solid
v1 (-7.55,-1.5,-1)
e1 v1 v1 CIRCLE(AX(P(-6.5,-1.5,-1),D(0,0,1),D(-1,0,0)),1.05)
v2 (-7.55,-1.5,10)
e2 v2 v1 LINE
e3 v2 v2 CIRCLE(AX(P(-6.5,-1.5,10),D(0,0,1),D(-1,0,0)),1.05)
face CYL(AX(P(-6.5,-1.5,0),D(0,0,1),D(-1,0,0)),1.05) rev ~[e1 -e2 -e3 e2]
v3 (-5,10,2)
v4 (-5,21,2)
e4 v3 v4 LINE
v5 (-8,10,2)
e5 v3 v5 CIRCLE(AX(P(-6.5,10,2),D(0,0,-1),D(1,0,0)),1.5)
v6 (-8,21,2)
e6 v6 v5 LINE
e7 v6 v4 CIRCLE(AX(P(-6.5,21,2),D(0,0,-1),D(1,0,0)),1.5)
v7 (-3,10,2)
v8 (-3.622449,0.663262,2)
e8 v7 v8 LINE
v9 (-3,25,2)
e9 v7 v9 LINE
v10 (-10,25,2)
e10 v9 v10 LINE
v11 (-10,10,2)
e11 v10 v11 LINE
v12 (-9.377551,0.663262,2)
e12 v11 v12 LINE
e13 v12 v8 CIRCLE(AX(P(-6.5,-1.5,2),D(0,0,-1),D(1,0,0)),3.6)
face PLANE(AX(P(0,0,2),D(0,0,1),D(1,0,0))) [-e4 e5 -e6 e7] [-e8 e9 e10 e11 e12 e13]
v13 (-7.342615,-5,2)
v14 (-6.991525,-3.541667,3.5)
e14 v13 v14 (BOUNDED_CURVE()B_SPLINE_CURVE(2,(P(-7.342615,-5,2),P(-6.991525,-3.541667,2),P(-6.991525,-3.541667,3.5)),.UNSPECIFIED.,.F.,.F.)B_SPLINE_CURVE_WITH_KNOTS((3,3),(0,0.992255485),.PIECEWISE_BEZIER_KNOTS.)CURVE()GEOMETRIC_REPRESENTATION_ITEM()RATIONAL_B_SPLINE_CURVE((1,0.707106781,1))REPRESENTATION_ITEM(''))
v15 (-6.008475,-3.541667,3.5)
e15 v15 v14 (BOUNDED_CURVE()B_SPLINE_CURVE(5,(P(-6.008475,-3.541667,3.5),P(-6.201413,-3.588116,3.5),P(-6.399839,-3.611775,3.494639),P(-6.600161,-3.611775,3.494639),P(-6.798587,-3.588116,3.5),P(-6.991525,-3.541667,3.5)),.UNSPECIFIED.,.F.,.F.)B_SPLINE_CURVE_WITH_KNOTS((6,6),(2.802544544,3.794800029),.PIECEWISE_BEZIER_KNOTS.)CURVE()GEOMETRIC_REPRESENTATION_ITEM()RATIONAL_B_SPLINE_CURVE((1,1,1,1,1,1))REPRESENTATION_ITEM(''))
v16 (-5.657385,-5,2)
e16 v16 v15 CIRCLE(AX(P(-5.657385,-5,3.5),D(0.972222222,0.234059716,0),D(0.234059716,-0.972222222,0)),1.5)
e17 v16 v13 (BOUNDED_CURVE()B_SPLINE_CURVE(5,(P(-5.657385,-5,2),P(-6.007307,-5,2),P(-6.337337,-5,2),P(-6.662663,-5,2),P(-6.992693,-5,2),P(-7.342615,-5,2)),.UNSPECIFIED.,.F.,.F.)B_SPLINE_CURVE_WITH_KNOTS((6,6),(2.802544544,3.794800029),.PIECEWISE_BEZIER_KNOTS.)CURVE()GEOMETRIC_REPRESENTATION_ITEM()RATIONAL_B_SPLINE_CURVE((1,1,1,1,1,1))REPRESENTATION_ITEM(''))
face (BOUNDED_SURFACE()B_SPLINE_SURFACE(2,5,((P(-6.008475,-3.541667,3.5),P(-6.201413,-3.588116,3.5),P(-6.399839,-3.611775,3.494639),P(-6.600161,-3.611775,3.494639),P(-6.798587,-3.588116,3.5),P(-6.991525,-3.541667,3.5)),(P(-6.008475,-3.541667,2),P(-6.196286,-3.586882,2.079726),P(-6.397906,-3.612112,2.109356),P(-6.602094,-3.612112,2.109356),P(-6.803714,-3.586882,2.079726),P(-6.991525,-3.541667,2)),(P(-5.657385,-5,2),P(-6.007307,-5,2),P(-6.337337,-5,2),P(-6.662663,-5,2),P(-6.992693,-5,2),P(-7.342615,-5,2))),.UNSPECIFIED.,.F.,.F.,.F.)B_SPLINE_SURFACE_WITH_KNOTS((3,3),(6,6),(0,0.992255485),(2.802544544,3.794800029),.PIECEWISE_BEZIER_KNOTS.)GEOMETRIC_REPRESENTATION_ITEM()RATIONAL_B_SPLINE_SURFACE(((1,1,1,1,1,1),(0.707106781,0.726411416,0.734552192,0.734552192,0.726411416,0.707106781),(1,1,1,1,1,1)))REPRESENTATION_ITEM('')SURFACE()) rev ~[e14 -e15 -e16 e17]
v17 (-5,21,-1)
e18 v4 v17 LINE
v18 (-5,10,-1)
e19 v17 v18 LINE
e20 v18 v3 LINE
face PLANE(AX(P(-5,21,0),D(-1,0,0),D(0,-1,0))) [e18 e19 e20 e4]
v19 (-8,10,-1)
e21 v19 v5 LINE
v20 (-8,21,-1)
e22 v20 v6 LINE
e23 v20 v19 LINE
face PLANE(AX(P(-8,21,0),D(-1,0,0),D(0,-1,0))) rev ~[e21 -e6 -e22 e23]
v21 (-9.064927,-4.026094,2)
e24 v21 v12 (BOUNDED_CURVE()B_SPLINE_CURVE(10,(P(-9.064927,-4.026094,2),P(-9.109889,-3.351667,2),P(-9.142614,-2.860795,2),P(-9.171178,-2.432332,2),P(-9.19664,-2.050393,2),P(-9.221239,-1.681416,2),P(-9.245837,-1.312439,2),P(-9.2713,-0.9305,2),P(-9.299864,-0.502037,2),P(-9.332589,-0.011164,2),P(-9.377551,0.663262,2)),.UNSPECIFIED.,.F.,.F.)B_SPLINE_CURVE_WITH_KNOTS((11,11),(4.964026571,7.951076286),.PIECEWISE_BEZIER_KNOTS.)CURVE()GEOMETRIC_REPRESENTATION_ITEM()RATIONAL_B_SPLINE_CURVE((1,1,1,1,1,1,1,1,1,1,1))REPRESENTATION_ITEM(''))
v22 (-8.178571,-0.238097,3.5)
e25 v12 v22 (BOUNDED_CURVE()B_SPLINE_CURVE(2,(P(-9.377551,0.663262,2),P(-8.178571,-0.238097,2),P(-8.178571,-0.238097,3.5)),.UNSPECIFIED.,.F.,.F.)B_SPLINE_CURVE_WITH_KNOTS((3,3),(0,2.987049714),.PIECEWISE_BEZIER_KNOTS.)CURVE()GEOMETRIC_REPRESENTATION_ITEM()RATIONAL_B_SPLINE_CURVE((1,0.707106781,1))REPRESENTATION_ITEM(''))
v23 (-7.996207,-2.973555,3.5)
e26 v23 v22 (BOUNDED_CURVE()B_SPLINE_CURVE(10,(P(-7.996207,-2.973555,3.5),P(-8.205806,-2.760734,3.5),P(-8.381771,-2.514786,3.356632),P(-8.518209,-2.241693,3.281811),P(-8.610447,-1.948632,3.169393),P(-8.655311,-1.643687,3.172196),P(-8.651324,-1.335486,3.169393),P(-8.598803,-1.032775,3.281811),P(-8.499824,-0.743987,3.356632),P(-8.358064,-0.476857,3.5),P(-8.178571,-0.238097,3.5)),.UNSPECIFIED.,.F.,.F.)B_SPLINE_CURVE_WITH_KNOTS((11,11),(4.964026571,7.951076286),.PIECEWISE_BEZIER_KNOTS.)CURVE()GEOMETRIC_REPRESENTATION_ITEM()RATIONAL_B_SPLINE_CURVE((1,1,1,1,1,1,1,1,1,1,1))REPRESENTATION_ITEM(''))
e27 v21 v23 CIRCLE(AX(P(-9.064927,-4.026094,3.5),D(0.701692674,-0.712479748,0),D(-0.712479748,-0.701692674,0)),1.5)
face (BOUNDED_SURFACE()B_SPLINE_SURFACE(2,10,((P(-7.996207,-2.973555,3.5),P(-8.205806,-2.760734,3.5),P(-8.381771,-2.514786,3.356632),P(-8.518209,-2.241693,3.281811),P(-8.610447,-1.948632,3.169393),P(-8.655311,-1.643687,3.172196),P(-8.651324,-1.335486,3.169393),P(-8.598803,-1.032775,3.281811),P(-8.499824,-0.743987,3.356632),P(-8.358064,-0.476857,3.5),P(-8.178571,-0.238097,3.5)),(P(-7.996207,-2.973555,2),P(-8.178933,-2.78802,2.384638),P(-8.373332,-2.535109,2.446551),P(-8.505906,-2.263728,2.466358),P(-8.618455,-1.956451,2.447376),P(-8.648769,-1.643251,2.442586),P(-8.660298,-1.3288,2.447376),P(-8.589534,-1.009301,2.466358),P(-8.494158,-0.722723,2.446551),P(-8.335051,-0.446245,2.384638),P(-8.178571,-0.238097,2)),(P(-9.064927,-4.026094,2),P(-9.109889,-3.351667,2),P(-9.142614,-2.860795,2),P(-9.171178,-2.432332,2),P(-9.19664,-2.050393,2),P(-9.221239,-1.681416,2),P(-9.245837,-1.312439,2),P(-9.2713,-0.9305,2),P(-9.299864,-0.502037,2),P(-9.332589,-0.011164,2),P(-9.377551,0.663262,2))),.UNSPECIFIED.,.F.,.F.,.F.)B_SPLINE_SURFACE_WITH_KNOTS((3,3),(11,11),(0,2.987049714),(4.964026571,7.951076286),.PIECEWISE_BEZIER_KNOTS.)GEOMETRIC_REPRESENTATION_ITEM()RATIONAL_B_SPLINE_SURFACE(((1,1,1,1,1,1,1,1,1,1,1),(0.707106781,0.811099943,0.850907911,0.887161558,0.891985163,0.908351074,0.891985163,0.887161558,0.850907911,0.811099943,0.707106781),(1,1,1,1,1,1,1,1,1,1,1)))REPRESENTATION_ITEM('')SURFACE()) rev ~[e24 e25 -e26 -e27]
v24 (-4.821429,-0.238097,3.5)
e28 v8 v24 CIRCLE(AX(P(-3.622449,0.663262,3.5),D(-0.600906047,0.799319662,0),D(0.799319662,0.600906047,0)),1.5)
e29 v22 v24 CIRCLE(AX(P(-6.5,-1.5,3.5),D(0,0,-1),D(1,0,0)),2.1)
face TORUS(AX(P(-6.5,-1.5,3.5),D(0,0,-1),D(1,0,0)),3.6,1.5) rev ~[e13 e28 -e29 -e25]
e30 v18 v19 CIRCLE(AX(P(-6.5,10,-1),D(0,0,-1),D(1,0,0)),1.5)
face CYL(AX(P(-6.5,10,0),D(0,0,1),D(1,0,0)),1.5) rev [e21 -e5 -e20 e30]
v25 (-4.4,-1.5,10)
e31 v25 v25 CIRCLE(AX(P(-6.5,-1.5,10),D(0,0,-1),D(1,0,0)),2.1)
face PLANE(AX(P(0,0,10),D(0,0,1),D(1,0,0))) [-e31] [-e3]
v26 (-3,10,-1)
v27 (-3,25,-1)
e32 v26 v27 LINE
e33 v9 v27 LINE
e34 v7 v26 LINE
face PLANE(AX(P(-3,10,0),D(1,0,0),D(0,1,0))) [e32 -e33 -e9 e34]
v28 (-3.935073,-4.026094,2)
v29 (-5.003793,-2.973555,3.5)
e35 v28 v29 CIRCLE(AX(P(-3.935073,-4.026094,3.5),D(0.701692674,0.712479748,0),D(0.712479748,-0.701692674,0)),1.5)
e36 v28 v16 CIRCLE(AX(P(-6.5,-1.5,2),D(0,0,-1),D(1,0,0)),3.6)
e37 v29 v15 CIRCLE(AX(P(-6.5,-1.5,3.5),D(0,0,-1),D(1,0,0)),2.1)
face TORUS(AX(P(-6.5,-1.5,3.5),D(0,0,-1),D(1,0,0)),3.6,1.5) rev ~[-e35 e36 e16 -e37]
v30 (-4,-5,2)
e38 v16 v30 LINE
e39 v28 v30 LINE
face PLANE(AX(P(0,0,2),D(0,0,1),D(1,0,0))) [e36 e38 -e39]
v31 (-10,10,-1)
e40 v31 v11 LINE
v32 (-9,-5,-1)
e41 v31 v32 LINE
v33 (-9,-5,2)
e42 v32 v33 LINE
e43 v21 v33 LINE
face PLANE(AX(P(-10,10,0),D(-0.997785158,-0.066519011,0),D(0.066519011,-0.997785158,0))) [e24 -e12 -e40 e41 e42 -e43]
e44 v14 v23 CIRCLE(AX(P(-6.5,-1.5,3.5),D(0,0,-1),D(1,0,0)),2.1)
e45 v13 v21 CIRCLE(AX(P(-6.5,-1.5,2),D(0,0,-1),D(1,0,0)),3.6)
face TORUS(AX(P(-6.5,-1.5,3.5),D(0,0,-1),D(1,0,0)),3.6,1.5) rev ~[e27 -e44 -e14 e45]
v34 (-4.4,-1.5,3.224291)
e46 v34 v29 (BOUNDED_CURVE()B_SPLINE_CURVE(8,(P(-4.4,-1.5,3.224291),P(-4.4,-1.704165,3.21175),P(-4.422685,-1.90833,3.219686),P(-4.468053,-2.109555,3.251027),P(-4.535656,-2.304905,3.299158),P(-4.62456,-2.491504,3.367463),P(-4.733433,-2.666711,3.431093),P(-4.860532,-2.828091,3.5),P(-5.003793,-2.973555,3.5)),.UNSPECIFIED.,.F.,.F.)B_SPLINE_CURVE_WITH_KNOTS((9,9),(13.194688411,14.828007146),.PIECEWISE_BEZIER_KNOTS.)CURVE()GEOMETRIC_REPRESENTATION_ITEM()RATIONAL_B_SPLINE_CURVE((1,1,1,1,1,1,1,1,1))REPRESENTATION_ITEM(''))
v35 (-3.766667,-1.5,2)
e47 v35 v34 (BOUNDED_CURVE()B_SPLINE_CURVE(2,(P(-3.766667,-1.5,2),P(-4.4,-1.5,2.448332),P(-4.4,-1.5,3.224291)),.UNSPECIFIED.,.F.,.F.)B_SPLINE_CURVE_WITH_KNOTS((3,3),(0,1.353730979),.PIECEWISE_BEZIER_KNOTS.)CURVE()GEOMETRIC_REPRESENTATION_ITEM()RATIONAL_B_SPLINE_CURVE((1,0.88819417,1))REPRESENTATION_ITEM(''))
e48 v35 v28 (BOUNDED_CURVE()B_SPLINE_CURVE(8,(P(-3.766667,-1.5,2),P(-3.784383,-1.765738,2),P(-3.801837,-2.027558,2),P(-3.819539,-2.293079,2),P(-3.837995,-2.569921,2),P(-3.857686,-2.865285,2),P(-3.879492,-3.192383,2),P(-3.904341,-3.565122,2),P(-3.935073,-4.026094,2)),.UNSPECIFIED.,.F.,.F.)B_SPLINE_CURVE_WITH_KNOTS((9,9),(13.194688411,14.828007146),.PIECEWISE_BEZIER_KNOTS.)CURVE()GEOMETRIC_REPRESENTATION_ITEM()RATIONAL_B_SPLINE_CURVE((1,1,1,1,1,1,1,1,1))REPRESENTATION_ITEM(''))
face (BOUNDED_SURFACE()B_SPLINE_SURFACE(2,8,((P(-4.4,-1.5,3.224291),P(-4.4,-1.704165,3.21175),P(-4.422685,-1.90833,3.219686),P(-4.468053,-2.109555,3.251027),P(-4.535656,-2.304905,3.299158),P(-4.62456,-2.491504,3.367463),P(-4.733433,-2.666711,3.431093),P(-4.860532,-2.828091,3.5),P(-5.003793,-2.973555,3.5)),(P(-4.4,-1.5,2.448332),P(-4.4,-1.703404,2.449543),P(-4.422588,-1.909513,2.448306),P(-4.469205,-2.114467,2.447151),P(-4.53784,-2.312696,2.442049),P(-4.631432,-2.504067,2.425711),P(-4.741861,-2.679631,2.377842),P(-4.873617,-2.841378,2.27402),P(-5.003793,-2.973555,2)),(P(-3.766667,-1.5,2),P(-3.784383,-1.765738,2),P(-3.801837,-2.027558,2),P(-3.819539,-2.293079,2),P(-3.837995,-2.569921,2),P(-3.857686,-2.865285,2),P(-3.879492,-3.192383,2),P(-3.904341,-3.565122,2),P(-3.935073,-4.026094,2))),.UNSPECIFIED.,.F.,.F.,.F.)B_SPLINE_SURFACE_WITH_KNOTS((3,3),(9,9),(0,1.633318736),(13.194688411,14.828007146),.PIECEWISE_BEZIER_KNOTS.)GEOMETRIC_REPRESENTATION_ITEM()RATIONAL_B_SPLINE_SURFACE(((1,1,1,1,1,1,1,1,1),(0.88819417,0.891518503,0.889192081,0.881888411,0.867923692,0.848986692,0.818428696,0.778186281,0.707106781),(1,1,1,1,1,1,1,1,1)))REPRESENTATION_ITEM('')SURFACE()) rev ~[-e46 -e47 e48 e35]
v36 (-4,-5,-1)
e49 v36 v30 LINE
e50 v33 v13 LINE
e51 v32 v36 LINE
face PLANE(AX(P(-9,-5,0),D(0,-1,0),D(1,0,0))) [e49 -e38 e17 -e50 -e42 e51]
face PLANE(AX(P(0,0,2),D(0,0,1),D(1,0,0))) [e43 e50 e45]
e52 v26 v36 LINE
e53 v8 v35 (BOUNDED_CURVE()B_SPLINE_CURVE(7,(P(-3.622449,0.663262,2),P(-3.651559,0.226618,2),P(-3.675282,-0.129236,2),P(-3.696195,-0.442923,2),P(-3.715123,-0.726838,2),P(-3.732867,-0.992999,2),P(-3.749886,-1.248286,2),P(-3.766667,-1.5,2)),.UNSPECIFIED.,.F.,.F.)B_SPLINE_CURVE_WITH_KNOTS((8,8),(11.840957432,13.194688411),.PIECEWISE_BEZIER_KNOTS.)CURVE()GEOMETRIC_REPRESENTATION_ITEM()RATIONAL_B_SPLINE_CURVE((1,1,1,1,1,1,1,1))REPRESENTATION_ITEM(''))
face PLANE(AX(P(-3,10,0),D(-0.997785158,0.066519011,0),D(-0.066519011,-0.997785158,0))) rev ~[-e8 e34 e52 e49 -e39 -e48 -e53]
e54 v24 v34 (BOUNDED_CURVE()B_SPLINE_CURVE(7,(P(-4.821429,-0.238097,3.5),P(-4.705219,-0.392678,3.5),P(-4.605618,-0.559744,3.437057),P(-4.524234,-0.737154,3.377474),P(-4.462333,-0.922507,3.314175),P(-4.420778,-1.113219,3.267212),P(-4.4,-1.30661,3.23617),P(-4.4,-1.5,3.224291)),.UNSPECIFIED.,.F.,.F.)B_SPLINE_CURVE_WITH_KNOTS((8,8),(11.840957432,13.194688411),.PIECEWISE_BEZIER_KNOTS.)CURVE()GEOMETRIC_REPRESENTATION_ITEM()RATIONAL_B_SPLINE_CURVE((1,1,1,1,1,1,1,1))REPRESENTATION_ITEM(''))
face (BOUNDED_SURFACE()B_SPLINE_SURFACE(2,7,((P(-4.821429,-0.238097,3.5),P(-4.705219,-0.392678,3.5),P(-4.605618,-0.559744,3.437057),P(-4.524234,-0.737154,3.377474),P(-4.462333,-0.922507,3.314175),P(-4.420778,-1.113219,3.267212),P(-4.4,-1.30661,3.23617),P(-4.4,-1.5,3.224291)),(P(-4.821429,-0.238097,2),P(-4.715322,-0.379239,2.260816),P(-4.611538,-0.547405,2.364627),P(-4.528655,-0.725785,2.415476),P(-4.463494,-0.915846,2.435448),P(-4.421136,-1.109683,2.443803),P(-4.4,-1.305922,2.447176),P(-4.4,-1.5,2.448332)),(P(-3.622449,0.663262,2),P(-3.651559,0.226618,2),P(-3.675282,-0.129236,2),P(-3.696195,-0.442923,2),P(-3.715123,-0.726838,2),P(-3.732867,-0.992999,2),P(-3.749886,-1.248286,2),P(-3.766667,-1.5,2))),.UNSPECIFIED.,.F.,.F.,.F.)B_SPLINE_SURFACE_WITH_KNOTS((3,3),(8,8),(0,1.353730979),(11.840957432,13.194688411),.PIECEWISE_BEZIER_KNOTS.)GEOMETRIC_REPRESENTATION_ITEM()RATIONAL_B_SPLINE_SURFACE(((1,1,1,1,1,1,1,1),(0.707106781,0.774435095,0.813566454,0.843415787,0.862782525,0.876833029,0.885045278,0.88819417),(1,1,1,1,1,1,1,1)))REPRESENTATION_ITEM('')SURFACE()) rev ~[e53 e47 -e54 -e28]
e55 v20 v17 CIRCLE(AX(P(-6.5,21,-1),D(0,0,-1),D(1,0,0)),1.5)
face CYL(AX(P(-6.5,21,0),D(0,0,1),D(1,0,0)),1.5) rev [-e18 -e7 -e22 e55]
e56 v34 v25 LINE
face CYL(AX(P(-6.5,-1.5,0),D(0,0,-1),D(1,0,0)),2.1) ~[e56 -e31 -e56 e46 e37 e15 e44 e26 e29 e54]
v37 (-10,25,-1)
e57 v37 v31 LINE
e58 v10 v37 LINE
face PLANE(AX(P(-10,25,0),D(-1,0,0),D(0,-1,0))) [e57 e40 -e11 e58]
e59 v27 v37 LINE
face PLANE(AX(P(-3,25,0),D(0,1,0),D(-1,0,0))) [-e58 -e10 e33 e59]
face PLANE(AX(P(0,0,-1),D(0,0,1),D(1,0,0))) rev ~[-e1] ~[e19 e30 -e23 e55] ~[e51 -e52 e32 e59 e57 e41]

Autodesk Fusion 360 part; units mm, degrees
sketch "Sketch1" plane through (0, 0, 0) normal (0, 0, 1) x (1, 0, 0)
  line L0 (-10, 25) -> (-3, 25)
  line L1 (-3, 25) -> (-3, -5)
  line L2 (-3, -5) -> (-10, -5)
  line L3 (-10, -5) -> (-10, 25)
  line L4 (-10, -5) -> (-3, 2)
  line L5 (-10, -5) -> (-0.1005, -5) construction
  line L6 (-3, -5) -> (-10, 2)
  circle A0 centre (-6.5, -1.5) radius 2
  line L7 (-10, -5) -> (-9, -5)
  line L8 (-9, -5) -> (-10, 10)
  line L9 (-3, -5) -> (-4, -5)
  line L10 (-4, -5) -> (-3, 10)
  line L11 (-10, 25) -> (-3, 18)
  line L12 (-10, 25) -> (-0.1005, 25) construction
  line L13 (-3, 25) -> (-10, 18)
  line L14 (-6.5, 25) -> (-6.5, 22)
  line L15 (-6.5, 22) -> (-6.5, 9)
  line L16 (-5, 21) -> (-8, 21)
  line L17 (-8, 21) -> (-8, 10)
  line L18 (-8, 10) -> (-5, 10)
  line L19 (-5, 10) -> (-5, 21)
  line L20 (-5, 21) -> (-8, 10) construction
  line L21 (-8, 21) -> (-5, 10) construction
  circle A1 centre (-6.5, 10) radius 1.5
  circle A2 centre (-6.5, 21) radius 1.5
  point P0 (-6.5, 15.5)
  dimension "d1" = 7
  dimension "d2" = 30
  dimension "d3" = 45
  dimension "d4" = 4
  dimension "d5" = 45
  dimension "d6" = 3
  dimension "d7" = 13
  dimension "d8" = 3
  dimension "d9" = 11
  dimension "d10" = 3
  dimension "d11" = 3
extrude "Extrude1" add sketch "Sketch1" along normal blind 2 contours L3 L11 L13 L17 A2 | L0 L11 L14 A2 | L0 L13 L14 A2 | L1 L3 L4 L6 A0 L8 L10 L11 L13 L17 L19 A1 | L1 L11 L13 L19 A2 | L4 L6 A0 L8 | L2 L4 L6 A0 L8 L10 | L4 L6 A0 L10
extrude "Extrude2" add sketch "Sketch1" along normal blind 10 contours L4 L6 A0 | L4 L6 A0 | L4 L6 A0 | L4 L6 A0
sketch "Sketch2" plane through (0, 0, 10) normal (0, 0, 1) x (-1, 0, 0)
  circle A0 centre (6.5, 1.5) radius 2
  circle A1 centre (6.5, 1.5) radius 1.05
  dimension "d16" = 2.1
extrude "Extrude3" cut sketch "Sketch2" against normal blind 13 contours A1
move_face "OffsetFaces1" offset 0.1 1 faces at (-4.5025, -1.4003, 4.6667)
fillet "Fillet1" radius 1.5 1 edges at (-8.4579, -0.7406, 2)
extrude "Extrude4" add 1 faces at (-6.5374, 24.1653, 0) along direction (0, 0, -1) blind 1
